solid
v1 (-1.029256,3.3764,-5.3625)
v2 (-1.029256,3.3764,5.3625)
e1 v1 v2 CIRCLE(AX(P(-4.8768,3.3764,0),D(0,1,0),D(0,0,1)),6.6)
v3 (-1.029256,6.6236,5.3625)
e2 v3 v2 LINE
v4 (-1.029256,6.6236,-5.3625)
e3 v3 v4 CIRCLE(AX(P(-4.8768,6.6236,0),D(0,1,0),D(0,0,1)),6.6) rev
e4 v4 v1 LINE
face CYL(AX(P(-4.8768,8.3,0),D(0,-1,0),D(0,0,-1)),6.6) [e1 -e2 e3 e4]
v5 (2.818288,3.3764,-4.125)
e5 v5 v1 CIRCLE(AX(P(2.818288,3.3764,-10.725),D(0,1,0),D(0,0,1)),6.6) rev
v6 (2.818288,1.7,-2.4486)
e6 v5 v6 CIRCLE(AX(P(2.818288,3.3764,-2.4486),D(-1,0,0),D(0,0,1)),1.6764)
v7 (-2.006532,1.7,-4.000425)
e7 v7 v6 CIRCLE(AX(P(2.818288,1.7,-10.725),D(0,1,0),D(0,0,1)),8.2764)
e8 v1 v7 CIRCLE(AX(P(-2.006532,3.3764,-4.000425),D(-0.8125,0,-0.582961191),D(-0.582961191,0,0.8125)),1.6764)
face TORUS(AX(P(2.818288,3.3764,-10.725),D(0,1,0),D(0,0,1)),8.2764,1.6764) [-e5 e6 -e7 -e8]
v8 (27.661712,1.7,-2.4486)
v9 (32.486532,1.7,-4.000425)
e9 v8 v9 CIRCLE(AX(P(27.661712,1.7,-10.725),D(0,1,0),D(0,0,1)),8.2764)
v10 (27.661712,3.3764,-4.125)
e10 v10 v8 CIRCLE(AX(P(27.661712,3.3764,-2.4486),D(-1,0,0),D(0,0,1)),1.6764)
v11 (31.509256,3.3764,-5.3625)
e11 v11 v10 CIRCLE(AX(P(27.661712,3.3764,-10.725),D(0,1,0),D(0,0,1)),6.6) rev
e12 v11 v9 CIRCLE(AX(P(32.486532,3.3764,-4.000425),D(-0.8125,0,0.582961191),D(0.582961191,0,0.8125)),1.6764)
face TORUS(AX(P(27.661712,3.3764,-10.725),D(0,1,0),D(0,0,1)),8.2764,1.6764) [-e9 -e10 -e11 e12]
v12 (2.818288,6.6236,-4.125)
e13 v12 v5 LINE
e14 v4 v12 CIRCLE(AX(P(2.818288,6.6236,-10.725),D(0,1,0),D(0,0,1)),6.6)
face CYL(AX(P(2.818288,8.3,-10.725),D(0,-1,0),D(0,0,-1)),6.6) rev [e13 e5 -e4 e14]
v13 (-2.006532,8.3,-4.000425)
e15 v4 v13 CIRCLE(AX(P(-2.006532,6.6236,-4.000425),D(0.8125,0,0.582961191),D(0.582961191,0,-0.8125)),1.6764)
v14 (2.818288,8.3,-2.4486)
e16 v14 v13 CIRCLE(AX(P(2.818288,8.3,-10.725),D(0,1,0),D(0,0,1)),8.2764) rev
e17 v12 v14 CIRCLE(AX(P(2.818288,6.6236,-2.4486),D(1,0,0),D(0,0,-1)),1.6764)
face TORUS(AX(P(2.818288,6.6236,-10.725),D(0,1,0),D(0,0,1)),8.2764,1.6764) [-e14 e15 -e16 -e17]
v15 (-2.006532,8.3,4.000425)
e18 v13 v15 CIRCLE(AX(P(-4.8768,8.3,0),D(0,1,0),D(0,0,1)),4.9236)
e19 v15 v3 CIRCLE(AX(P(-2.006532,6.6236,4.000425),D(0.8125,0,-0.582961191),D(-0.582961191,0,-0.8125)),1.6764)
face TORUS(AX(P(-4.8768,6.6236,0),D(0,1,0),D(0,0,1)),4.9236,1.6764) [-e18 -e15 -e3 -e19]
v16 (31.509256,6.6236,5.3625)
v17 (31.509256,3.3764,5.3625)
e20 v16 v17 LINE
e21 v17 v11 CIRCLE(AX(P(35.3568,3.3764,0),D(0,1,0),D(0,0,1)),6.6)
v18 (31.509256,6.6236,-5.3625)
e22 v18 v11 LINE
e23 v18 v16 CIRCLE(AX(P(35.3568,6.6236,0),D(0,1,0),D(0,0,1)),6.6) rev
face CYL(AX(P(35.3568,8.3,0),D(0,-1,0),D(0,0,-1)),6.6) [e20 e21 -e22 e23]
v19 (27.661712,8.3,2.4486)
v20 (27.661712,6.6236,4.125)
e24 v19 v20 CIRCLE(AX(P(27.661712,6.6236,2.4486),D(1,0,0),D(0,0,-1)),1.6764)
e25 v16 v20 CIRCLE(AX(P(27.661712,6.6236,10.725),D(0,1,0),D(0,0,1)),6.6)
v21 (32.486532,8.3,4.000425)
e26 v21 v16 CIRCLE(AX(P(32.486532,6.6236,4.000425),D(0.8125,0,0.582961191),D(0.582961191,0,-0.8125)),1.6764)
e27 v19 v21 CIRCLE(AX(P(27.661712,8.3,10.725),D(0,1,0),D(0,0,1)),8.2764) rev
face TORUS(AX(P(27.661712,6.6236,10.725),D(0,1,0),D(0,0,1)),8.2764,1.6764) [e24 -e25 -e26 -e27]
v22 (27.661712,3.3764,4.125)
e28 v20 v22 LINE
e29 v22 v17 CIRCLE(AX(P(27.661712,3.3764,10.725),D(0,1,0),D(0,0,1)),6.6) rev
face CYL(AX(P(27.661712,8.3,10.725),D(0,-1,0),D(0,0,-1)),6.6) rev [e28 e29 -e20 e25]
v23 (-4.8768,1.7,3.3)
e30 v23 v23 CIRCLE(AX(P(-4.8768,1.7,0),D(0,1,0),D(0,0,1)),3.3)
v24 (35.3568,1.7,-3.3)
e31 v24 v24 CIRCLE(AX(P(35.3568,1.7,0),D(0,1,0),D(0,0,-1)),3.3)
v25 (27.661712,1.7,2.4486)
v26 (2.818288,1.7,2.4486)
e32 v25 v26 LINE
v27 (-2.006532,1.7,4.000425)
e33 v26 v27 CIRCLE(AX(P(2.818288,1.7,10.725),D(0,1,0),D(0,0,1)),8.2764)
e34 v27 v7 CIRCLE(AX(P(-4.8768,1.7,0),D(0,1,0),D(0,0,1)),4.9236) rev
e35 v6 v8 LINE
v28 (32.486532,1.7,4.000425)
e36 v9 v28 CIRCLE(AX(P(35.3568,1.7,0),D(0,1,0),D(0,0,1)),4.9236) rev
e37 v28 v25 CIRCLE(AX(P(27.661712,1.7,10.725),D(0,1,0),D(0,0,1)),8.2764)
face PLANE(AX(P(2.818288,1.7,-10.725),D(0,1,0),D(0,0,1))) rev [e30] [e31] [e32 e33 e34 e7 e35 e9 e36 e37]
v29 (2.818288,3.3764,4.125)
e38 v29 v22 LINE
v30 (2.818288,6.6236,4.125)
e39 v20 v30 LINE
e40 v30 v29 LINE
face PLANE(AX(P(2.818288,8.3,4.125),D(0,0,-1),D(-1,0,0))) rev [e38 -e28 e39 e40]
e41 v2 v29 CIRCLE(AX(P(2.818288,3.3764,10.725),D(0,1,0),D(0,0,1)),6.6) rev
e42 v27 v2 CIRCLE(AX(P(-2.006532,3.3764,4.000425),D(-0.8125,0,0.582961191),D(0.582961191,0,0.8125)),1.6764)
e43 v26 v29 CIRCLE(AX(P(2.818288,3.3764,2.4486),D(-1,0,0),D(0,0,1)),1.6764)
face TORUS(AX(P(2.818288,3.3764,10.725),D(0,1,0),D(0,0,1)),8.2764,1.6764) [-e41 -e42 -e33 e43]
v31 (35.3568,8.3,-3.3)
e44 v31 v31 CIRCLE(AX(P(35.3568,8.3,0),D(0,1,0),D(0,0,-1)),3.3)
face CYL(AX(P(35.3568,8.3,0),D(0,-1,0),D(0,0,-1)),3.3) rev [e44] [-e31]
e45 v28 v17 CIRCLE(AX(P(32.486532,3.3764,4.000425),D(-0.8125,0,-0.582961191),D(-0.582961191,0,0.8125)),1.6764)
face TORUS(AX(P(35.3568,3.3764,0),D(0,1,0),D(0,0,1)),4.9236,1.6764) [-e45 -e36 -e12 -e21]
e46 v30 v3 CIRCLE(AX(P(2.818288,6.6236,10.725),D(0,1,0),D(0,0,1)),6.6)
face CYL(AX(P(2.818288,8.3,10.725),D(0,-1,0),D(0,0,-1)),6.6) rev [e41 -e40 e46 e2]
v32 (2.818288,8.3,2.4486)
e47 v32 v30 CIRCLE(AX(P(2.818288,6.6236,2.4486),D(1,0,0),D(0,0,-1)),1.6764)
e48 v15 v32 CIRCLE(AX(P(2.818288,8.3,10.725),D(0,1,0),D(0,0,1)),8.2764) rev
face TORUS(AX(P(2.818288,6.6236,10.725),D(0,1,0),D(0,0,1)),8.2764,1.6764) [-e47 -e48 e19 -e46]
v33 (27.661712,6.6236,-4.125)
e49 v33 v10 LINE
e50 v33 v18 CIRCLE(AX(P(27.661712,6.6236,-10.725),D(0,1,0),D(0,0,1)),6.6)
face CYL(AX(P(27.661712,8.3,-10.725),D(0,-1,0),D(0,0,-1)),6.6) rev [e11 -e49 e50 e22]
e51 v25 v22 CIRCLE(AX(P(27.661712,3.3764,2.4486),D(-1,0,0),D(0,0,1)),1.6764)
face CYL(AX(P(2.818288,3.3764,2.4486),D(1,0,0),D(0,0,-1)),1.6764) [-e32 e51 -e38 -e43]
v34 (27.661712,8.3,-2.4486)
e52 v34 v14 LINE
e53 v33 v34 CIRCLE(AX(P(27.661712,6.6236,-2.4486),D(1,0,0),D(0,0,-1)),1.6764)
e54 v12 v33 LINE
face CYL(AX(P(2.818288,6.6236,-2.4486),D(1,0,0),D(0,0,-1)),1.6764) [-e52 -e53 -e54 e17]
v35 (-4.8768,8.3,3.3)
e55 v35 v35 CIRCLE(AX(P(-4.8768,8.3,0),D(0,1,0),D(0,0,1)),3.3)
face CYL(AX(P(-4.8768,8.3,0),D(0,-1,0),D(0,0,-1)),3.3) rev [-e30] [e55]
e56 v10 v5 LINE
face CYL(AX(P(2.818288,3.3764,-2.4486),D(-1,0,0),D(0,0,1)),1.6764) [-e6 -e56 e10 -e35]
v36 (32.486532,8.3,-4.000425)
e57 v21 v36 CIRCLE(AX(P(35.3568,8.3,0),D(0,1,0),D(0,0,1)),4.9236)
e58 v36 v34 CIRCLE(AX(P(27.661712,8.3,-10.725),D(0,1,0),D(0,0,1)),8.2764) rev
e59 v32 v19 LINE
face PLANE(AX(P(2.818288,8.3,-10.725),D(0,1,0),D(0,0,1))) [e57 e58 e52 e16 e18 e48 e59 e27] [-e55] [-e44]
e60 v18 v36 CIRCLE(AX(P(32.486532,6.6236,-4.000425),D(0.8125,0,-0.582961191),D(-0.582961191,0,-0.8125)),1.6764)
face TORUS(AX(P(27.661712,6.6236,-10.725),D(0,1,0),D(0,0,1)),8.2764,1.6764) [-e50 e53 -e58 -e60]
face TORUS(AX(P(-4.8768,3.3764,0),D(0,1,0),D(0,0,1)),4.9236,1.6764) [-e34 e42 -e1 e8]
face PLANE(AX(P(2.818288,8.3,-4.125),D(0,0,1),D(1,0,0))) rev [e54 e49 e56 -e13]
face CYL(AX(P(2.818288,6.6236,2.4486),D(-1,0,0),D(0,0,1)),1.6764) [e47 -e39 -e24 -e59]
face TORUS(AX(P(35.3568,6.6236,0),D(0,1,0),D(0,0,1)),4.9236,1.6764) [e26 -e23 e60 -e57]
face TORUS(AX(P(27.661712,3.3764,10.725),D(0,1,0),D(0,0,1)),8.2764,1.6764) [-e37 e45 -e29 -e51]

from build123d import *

# Parameters (mm, degrees)
SKETCH1_R           = 5
BOSS_EXTRUDE1_DEPTH = 10
FILLET1_R           = 2.54
SCALE1_SCALE        = 0.66


with BuildPart() as part:
    # Sketch1 → Boss-Extrude1 (new body)
    with BuildSketch(Plane(origin=(0, 0, 0), x_dir=(1, 0, 0), z_dir=(0, 1, 0))):
        with BuildLine():
            Line((-3.580776184, -6.25), (34.060776184, -6.25))
            ThreePointArc((34.060776184, -6.25), (37.122638362, -6.730283618), (39.890388092, -8.125))
            ThreePointArc((39.890388092, -8.125), (55.72, 0), (39.890388092, 8.125))
            ThreePointArc((39.890388092, 8.125), (37.122638362, 6.730283618), (34.060776184, 6.25))
            Line((34.060776184, 6.25), (-3.580776184, 6.25))
            ThreePointArc((-3.580776184, 6.25), (-6.642638362, 6.730283618), (-9.410388092, 8.125))
            ThreePointArc((-9.410388092, 8.125), (-25.24, 0), (-9.410388092, -8.125))
            ThreePointArc((-9.410388092, -8.125), (-6.642638362, -6.730283618), (-3.580776184, -6.25))
        make_face()
        with Locations((-15.24, 0)):
            Circle(SKETCH1_R, mode=Mode.SUBTRACT)
        with Locations((45.72, 0)):
            Circle(SKETCH1_R, mode=Mode.SUBTRACT)
    extrude(amount=BOSS_EXTRUDE1_DEPTH)

    # Fillet1
    fillet1_edges = [part.edges().sort_by_distance(p)[0] for p in [
        (-6.642638362, 10, 6.730283618),
        (-25.24, 0, 0),
        (-6.642638362, 0, -6.730283618),
        (15.24, 10, 6.25),
        (37.122638362, 10, 6.730283618),
        (55.72, 10, 0),
        (37.122638362, 10, -6.730283618),
        (15.24, 10, -6.25),
        (-6.642638362, 10, -6.730283618),
        (-25.24, 10, 0),
        (15.24, 0, -6.25),
        (37.122638362, 0, -6.730283618),
        (55.72, 0, 0),
        (37.122638362, 0, 6.730283618),
        (15.24, 0, 6.25),
        (-6.642638362, 0, 6.730283618),
    ]]
    fillet(fillet1_edges, radius=FILLET1_R)


with BuildPart() as part_1:
    # Scale1: scaled about (15.24, 5, 0)
    add(part.part.scale(SCALE1_SCALE).moved(Location((5.1816, 1.7, 0))))


solid = part_1.part
